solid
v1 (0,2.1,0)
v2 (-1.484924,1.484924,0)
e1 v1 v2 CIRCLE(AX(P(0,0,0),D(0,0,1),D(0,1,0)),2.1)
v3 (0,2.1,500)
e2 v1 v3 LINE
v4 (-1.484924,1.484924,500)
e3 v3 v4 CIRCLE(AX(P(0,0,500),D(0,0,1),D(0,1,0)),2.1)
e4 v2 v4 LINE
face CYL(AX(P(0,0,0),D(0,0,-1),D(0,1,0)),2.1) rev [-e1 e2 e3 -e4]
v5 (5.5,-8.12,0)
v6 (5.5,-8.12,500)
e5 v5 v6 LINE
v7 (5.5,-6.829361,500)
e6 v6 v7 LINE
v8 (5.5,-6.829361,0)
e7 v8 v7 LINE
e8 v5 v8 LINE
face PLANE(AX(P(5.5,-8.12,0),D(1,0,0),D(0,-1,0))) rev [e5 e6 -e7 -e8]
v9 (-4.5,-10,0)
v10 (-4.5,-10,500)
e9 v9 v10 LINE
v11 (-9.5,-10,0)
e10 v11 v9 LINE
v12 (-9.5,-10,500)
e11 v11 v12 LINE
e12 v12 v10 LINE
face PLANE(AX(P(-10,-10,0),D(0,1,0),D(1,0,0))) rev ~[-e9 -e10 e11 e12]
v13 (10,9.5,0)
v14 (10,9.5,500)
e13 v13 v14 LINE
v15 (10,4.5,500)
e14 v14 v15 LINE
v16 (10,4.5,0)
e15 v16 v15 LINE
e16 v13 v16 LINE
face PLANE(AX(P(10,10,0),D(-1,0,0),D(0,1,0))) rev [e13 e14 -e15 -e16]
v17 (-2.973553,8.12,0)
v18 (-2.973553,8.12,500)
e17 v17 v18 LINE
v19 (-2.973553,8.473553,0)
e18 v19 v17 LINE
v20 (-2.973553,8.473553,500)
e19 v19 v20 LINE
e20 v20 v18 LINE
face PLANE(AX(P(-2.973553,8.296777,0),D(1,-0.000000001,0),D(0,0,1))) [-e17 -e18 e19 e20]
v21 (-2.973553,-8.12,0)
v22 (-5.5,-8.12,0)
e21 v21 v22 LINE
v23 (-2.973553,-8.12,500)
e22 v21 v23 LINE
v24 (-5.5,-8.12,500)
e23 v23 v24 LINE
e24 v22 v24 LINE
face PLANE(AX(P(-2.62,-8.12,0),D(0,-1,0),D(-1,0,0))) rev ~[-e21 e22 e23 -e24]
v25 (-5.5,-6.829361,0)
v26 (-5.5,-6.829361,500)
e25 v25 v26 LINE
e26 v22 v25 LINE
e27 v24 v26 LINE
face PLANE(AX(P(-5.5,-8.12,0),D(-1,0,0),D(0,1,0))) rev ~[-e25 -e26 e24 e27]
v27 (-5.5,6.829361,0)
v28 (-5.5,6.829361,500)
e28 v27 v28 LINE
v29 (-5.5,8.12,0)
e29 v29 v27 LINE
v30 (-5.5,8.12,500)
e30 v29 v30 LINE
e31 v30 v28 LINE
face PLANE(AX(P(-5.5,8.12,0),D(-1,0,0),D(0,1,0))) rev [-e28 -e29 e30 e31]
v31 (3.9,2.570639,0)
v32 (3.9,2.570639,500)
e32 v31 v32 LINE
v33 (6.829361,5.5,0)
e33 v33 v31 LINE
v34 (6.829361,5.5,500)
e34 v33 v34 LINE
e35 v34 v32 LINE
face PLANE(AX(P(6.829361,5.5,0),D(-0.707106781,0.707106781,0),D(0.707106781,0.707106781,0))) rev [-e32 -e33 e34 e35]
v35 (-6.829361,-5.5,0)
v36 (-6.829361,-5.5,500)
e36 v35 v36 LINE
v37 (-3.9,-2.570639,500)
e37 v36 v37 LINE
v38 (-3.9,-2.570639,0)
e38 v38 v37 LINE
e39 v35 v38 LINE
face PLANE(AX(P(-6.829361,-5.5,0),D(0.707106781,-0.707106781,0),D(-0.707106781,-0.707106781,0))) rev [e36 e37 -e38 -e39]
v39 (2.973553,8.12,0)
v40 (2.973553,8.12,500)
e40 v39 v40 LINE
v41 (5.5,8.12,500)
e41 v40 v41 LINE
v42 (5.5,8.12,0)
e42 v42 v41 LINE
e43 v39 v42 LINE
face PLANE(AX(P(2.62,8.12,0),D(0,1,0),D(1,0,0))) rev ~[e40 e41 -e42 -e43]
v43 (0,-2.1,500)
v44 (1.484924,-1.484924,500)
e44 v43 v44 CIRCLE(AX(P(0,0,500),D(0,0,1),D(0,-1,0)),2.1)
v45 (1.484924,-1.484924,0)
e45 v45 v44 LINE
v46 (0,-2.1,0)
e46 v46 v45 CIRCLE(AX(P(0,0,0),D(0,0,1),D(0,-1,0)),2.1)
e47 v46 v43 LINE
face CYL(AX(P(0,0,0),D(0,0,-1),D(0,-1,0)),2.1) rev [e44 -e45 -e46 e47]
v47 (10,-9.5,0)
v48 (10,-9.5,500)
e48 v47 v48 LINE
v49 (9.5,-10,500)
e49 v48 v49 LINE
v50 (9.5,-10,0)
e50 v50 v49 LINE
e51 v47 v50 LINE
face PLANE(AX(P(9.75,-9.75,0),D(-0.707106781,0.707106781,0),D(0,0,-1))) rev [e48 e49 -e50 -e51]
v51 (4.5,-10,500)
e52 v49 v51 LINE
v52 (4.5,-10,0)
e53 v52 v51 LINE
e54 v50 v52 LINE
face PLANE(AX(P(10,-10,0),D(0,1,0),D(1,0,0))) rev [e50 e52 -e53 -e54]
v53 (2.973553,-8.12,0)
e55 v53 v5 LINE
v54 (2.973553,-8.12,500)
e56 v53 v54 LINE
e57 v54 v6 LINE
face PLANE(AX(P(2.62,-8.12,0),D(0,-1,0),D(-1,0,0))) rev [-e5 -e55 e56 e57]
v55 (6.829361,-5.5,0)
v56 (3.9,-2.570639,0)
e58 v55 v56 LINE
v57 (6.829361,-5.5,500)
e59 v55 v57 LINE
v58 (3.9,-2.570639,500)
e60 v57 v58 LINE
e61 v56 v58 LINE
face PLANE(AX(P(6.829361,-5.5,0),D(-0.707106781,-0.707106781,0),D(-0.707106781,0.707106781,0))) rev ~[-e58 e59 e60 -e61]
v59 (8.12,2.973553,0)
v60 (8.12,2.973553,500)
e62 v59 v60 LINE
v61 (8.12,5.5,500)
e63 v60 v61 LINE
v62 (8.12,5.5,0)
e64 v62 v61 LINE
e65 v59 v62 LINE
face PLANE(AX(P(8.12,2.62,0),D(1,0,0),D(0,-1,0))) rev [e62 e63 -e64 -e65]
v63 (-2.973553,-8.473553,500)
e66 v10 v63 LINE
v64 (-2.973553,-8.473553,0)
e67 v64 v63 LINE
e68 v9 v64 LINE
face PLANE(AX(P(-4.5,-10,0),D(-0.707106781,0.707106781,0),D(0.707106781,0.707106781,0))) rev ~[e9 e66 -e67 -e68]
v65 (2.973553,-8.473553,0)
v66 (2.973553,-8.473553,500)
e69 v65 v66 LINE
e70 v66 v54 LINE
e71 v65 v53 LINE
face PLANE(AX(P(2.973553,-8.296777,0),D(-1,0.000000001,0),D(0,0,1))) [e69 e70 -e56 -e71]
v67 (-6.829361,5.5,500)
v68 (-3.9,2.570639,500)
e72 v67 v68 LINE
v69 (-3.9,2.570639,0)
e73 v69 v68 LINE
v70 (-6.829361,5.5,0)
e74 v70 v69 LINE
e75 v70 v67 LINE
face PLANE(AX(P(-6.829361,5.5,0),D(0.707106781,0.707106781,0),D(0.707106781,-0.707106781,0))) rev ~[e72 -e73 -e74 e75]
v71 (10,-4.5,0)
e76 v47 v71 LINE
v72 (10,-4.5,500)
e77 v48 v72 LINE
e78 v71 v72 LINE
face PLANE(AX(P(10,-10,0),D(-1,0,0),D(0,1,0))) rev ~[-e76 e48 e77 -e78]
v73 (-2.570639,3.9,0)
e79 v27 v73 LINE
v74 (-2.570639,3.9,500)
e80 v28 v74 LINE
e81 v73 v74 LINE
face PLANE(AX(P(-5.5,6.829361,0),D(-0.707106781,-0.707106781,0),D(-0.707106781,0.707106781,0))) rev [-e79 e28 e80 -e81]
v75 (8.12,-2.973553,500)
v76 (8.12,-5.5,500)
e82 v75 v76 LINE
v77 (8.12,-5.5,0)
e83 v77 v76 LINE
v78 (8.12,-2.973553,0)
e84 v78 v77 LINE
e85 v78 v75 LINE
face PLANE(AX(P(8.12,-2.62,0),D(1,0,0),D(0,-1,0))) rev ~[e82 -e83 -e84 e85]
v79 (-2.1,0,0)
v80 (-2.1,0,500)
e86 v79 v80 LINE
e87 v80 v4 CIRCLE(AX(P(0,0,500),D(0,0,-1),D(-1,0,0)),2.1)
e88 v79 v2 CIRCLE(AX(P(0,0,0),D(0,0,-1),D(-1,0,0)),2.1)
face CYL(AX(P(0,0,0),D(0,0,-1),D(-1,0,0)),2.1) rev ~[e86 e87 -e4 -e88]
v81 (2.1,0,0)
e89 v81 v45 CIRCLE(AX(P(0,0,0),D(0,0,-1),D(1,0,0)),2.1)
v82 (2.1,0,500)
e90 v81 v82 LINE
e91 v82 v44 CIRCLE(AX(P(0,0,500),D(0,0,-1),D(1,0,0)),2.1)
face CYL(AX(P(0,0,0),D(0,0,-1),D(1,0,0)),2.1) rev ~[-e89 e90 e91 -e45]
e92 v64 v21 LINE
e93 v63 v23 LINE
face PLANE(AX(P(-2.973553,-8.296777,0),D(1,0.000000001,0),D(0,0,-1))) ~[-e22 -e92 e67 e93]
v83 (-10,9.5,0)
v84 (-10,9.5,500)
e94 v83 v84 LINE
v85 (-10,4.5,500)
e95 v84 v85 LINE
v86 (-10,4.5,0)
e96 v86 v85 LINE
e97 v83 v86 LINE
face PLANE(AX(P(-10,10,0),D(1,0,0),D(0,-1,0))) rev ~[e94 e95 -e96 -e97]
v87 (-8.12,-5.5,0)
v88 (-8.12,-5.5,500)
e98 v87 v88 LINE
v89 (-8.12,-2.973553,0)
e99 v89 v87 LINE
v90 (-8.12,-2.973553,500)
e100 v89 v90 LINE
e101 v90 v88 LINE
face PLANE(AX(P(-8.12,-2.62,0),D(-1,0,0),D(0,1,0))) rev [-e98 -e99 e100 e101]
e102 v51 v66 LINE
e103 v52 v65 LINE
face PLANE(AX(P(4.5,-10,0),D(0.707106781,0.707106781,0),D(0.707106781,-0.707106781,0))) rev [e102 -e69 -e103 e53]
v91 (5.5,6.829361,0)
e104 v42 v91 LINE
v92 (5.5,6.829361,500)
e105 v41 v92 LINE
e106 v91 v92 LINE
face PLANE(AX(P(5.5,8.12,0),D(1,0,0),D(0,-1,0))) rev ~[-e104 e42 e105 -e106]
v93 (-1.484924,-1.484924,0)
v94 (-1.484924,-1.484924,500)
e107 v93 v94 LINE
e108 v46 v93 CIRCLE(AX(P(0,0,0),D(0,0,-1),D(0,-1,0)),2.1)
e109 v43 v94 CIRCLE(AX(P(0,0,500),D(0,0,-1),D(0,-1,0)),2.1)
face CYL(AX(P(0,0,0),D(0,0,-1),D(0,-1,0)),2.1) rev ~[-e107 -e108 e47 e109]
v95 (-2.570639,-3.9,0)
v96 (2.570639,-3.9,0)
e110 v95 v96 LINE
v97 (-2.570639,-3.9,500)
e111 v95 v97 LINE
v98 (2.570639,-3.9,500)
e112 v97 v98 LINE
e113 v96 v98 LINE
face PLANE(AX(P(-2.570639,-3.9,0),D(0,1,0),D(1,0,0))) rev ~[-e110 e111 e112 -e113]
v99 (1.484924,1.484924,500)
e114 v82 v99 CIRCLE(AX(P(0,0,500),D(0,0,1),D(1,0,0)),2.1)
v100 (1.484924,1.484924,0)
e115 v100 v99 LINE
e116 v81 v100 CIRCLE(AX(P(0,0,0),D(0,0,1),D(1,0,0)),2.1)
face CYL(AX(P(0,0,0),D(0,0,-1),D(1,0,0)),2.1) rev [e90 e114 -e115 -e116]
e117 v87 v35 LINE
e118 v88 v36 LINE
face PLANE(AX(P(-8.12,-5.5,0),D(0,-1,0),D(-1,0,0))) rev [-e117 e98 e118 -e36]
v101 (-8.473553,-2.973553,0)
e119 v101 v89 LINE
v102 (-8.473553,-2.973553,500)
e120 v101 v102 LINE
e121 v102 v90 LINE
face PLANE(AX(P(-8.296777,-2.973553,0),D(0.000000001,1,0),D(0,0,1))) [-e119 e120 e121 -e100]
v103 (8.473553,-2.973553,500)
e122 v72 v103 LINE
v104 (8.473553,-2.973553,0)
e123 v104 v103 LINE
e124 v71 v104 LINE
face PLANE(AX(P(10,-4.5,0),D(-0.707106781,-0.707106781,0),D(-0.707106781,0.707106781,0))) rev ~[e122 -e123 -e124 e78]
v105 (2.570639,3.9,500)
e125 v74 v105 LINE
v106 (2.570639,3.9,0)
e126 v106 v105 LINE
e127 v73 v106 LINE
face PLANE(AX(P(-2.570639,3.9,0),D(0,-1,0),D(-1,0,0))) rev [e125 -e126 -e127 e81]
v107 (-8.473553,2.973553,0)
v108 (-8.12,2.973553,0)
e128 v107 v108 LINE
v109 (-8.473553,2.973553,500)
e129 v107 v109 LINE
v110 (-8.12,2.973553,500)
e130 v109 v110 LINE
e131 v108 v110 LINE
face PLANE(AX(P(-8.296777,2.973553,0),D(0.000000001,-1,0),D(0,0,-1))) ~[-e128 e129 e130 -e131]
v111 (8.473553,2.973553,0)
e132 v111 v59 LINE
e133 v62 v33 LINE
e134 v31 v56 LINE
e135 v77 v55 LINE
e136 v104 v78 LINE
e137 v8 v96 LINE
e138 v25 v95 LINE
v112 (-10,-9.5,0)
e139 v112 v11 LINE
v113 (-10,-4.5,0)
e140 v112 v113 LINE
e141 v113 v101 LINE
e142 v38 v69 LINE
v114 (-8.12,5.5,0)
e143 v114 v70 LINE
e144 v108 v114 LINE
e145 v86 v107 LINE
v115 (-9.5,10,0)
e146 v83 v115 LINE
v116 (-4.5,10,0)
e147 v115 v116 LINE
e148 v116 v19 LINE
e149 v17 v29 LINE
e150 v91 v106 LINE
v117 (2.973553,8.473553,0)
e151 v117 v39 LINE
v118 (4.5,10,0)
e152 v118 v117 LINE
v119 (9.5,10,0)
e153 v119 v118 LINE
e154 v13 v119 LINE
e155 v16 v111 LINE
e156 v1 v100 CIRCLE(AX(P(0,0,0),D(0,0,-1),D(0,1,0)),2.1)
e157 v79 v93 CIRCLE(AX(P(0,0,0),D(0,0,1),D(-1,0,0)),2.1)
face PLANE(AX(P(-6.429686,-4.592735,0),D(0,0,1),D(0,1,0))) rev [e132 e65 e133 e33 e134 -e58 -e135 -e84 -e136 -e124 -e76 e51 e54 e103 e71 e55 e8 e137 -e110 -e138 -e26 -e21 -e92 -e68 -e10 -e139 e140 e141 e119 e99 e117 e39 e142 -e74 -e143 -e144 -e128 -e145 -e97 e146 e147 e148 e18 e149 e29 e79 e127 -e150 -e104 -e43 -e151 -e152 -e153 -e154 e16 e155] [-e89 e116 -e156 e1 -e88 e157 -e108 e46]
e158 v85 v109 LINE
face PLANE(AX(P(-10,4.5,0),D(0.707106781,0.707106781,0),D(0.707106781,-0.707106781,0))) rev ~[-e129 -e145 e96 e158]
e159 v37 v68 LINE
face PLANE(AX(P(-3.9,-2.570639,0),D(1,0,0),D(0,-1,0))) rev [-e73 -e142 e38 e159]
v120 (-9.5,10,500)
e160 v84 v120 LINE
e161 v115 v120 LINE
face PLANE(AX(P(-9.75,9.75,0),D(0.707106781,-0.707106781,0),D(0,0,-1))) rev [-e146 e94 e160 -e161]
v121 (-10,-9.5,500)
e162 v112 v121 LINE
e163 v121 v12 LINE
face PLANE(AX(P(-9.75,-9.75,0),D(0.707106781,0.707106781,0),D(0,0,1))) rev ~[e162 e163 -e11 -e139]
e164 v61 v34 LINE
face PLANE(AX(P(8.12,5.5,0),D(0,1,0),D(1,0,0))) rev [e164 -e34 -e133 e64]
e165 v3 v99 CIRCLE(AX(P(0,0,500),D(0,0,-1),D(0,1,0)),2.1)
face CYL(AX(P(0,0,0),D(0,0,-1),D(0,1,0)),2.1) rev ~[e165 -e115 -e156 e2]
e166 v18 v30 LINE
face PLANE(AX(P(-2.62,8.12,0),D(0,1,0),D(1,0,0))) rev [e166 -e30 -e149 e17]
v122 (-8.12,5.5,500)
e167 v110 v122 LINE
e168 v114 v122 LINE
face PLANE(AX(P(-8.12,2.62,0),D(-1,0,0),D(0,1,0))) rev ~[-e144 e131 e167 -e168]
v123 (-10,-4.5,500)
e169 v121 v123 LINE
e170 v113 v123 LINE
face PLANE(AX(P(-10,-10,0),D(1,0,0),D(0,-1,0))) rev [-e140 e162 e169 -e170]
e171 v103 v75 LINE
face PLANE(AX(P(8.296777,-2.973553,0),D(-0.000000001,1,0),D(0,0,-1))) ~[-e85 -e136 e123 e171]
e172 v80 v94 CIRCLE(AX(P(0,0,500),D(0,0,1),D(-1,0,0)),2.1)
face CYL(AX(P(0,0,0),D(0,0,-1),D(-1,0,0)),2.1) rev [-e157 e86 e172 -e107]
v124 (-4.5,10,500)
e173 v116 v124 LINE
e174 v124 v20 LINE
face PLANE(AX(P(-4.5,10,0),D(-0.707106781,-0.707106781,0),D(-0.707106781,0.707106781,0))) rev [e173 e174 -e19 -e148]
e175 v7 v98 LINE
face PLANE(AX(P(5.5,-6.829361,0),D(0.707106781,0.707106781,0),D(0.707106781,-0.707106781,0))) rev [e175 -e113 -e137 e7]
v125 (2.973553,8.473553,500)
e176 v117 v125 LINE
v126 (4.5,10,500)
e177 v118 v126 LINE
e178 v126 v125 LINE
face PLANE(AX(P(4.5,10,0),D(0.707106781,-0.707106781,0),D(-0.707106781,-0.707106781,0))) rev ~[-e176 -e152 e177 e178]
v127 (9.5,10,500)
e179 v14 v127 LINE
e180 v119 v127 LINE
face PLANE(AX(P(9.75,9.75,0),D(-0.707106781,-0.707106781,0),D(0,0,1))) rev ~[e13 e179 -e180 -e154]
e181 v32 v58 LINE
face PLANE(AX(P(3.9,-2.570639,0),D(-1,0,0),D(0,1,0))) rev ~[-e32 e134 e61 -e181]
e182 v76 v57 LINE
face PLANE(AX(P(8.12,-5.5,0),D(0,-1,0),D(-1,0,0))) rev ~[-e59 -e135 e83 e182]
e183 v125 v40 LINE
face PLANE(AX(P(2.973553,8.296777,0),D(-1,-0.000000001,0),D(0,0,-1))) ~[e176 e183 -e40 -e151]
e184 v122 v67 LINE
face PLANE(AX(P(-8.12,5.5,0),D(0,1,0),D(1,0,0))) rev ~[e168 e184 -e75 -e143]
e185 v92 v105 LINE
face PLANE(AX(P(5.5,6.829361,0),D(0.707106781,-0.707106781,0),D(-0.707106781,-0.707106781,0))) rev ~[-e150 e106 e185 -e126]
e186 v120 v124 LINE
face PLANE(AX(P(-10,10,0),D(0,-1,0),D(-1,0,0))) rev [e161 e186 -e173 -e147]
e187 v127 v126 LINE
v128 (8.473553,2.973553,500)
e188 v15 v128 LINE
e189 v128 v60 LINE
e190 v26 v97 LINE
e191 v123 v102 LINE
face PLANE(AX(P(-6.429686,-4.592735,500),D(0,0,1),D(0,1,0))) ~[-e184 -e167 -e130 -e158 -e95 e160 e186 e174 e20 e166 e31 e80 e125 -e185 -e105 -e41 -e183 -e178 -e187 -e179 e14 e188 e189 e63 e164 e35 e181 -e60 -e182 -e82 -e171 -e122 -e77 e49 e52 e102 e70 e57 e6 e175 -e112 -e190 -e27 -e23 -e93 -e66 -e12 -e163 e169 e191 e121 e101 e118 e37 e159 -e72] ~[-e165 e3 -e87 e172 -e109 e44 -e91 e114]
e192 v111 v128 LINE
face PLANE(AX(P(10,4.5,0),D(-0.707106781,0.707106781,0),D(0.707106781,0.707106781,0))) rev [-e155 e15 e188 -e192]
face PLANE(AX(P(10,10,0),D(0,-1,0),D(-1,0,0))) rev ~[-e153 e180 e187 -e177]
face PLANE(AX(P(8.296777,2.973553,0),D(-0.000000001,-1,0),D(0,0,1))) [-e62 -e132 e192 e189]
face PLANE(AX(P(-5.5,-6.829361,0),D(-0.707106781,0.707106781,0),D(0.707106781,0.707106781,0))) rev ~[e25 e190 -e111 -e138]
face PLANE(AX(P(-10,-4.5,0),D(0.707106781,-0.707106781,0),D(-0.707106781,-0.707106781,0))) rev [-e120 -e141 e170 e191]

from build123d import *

# Parameters (mm, degrees)
BOSS_EXTRUDE1_DEPTH = 500
CHAMFER2_SIZE       = 0.5
CHAMFER2_SIZE2      = 0.353553391
CHAMFER1_SIZE       = 0.5


with BuildPart() as part:
    # Sketch1 → Boss-Extrude1 (new body)
    with BuildSketch(Plane.XY):
        with BuildLine():
            Line((5.5, 6.829360749), (2.570639251, 3.9))
            Line((2.570639251, 3.9), (0, 3.9))
            Line((0, 3.9), (0, 2.1))
            ThreePointArc((0, 2.1), (0.803635208, 1.940147018), (1.48492424, 1.48492424))
            Line((1.48492424, 1.48492424), (10, 10))
            Line((10, 10), (4.5, 10))
            Line((4.5, 10), (2.62, 8.12))
            Line((2.62, 8.12), (5.5, 8.12))
            Line((5.5, 8.12), (5.5, 6.829360749))
        make_face()
    extrude(amount=BOSS_EXTRUDE1_DEPTH)

    # Chamfer2
    chamfer2_edges = [part.edges().sort_by_distance(p)[0] for p in [
        (2.62, 8.12, 250),
    ]]
    chamfer2_side = [part.faces().sort_by_distance(p)[0] for p in [
        (3.56, 9.06, 250),
    ]]
    chamfer(chamfer2_edges, length=CHAMFER2_SIZE, length2=CHAMFER2_SIZE2, reference=chamfer2_side[0])

    # Mirror1: part across plane


with BuildPart() as part_1:
    add(part.part)
    add(part.part.mirror(Plane(origin=(10, 10, 500), x_dir=(0, 0, 1), z_dir=(-0.707106781186544, 0.7071067811865511, 0))))

    # Chamfer1
    chamfer1_edges = [part_1.edges().sort_by_distance(p)[0] for p in [
        (10, 10, 250),
    ]]
    chamfer(chamfer1_edges, length=CHAMFER1_SIZE)

    # Mirror4: part across plane


with BuildPart() as part_2:
    add(part_1.part)
    add(part_1.part.mirror(Plane(origin=(0, 3.9, 500), x_dir=(0, 0, 1), z_dir=(1, 0, 0))))

    # Mirror5: part across plane


with BuildPart() as part_3:
    add(part_2.part)
    add(part_2.part.mirror(Plane(origin=(-3.9, 0, 500), x_dir=(0, 0, 1), z_dir=(0, 1, 0))))


solid = part_3.part
